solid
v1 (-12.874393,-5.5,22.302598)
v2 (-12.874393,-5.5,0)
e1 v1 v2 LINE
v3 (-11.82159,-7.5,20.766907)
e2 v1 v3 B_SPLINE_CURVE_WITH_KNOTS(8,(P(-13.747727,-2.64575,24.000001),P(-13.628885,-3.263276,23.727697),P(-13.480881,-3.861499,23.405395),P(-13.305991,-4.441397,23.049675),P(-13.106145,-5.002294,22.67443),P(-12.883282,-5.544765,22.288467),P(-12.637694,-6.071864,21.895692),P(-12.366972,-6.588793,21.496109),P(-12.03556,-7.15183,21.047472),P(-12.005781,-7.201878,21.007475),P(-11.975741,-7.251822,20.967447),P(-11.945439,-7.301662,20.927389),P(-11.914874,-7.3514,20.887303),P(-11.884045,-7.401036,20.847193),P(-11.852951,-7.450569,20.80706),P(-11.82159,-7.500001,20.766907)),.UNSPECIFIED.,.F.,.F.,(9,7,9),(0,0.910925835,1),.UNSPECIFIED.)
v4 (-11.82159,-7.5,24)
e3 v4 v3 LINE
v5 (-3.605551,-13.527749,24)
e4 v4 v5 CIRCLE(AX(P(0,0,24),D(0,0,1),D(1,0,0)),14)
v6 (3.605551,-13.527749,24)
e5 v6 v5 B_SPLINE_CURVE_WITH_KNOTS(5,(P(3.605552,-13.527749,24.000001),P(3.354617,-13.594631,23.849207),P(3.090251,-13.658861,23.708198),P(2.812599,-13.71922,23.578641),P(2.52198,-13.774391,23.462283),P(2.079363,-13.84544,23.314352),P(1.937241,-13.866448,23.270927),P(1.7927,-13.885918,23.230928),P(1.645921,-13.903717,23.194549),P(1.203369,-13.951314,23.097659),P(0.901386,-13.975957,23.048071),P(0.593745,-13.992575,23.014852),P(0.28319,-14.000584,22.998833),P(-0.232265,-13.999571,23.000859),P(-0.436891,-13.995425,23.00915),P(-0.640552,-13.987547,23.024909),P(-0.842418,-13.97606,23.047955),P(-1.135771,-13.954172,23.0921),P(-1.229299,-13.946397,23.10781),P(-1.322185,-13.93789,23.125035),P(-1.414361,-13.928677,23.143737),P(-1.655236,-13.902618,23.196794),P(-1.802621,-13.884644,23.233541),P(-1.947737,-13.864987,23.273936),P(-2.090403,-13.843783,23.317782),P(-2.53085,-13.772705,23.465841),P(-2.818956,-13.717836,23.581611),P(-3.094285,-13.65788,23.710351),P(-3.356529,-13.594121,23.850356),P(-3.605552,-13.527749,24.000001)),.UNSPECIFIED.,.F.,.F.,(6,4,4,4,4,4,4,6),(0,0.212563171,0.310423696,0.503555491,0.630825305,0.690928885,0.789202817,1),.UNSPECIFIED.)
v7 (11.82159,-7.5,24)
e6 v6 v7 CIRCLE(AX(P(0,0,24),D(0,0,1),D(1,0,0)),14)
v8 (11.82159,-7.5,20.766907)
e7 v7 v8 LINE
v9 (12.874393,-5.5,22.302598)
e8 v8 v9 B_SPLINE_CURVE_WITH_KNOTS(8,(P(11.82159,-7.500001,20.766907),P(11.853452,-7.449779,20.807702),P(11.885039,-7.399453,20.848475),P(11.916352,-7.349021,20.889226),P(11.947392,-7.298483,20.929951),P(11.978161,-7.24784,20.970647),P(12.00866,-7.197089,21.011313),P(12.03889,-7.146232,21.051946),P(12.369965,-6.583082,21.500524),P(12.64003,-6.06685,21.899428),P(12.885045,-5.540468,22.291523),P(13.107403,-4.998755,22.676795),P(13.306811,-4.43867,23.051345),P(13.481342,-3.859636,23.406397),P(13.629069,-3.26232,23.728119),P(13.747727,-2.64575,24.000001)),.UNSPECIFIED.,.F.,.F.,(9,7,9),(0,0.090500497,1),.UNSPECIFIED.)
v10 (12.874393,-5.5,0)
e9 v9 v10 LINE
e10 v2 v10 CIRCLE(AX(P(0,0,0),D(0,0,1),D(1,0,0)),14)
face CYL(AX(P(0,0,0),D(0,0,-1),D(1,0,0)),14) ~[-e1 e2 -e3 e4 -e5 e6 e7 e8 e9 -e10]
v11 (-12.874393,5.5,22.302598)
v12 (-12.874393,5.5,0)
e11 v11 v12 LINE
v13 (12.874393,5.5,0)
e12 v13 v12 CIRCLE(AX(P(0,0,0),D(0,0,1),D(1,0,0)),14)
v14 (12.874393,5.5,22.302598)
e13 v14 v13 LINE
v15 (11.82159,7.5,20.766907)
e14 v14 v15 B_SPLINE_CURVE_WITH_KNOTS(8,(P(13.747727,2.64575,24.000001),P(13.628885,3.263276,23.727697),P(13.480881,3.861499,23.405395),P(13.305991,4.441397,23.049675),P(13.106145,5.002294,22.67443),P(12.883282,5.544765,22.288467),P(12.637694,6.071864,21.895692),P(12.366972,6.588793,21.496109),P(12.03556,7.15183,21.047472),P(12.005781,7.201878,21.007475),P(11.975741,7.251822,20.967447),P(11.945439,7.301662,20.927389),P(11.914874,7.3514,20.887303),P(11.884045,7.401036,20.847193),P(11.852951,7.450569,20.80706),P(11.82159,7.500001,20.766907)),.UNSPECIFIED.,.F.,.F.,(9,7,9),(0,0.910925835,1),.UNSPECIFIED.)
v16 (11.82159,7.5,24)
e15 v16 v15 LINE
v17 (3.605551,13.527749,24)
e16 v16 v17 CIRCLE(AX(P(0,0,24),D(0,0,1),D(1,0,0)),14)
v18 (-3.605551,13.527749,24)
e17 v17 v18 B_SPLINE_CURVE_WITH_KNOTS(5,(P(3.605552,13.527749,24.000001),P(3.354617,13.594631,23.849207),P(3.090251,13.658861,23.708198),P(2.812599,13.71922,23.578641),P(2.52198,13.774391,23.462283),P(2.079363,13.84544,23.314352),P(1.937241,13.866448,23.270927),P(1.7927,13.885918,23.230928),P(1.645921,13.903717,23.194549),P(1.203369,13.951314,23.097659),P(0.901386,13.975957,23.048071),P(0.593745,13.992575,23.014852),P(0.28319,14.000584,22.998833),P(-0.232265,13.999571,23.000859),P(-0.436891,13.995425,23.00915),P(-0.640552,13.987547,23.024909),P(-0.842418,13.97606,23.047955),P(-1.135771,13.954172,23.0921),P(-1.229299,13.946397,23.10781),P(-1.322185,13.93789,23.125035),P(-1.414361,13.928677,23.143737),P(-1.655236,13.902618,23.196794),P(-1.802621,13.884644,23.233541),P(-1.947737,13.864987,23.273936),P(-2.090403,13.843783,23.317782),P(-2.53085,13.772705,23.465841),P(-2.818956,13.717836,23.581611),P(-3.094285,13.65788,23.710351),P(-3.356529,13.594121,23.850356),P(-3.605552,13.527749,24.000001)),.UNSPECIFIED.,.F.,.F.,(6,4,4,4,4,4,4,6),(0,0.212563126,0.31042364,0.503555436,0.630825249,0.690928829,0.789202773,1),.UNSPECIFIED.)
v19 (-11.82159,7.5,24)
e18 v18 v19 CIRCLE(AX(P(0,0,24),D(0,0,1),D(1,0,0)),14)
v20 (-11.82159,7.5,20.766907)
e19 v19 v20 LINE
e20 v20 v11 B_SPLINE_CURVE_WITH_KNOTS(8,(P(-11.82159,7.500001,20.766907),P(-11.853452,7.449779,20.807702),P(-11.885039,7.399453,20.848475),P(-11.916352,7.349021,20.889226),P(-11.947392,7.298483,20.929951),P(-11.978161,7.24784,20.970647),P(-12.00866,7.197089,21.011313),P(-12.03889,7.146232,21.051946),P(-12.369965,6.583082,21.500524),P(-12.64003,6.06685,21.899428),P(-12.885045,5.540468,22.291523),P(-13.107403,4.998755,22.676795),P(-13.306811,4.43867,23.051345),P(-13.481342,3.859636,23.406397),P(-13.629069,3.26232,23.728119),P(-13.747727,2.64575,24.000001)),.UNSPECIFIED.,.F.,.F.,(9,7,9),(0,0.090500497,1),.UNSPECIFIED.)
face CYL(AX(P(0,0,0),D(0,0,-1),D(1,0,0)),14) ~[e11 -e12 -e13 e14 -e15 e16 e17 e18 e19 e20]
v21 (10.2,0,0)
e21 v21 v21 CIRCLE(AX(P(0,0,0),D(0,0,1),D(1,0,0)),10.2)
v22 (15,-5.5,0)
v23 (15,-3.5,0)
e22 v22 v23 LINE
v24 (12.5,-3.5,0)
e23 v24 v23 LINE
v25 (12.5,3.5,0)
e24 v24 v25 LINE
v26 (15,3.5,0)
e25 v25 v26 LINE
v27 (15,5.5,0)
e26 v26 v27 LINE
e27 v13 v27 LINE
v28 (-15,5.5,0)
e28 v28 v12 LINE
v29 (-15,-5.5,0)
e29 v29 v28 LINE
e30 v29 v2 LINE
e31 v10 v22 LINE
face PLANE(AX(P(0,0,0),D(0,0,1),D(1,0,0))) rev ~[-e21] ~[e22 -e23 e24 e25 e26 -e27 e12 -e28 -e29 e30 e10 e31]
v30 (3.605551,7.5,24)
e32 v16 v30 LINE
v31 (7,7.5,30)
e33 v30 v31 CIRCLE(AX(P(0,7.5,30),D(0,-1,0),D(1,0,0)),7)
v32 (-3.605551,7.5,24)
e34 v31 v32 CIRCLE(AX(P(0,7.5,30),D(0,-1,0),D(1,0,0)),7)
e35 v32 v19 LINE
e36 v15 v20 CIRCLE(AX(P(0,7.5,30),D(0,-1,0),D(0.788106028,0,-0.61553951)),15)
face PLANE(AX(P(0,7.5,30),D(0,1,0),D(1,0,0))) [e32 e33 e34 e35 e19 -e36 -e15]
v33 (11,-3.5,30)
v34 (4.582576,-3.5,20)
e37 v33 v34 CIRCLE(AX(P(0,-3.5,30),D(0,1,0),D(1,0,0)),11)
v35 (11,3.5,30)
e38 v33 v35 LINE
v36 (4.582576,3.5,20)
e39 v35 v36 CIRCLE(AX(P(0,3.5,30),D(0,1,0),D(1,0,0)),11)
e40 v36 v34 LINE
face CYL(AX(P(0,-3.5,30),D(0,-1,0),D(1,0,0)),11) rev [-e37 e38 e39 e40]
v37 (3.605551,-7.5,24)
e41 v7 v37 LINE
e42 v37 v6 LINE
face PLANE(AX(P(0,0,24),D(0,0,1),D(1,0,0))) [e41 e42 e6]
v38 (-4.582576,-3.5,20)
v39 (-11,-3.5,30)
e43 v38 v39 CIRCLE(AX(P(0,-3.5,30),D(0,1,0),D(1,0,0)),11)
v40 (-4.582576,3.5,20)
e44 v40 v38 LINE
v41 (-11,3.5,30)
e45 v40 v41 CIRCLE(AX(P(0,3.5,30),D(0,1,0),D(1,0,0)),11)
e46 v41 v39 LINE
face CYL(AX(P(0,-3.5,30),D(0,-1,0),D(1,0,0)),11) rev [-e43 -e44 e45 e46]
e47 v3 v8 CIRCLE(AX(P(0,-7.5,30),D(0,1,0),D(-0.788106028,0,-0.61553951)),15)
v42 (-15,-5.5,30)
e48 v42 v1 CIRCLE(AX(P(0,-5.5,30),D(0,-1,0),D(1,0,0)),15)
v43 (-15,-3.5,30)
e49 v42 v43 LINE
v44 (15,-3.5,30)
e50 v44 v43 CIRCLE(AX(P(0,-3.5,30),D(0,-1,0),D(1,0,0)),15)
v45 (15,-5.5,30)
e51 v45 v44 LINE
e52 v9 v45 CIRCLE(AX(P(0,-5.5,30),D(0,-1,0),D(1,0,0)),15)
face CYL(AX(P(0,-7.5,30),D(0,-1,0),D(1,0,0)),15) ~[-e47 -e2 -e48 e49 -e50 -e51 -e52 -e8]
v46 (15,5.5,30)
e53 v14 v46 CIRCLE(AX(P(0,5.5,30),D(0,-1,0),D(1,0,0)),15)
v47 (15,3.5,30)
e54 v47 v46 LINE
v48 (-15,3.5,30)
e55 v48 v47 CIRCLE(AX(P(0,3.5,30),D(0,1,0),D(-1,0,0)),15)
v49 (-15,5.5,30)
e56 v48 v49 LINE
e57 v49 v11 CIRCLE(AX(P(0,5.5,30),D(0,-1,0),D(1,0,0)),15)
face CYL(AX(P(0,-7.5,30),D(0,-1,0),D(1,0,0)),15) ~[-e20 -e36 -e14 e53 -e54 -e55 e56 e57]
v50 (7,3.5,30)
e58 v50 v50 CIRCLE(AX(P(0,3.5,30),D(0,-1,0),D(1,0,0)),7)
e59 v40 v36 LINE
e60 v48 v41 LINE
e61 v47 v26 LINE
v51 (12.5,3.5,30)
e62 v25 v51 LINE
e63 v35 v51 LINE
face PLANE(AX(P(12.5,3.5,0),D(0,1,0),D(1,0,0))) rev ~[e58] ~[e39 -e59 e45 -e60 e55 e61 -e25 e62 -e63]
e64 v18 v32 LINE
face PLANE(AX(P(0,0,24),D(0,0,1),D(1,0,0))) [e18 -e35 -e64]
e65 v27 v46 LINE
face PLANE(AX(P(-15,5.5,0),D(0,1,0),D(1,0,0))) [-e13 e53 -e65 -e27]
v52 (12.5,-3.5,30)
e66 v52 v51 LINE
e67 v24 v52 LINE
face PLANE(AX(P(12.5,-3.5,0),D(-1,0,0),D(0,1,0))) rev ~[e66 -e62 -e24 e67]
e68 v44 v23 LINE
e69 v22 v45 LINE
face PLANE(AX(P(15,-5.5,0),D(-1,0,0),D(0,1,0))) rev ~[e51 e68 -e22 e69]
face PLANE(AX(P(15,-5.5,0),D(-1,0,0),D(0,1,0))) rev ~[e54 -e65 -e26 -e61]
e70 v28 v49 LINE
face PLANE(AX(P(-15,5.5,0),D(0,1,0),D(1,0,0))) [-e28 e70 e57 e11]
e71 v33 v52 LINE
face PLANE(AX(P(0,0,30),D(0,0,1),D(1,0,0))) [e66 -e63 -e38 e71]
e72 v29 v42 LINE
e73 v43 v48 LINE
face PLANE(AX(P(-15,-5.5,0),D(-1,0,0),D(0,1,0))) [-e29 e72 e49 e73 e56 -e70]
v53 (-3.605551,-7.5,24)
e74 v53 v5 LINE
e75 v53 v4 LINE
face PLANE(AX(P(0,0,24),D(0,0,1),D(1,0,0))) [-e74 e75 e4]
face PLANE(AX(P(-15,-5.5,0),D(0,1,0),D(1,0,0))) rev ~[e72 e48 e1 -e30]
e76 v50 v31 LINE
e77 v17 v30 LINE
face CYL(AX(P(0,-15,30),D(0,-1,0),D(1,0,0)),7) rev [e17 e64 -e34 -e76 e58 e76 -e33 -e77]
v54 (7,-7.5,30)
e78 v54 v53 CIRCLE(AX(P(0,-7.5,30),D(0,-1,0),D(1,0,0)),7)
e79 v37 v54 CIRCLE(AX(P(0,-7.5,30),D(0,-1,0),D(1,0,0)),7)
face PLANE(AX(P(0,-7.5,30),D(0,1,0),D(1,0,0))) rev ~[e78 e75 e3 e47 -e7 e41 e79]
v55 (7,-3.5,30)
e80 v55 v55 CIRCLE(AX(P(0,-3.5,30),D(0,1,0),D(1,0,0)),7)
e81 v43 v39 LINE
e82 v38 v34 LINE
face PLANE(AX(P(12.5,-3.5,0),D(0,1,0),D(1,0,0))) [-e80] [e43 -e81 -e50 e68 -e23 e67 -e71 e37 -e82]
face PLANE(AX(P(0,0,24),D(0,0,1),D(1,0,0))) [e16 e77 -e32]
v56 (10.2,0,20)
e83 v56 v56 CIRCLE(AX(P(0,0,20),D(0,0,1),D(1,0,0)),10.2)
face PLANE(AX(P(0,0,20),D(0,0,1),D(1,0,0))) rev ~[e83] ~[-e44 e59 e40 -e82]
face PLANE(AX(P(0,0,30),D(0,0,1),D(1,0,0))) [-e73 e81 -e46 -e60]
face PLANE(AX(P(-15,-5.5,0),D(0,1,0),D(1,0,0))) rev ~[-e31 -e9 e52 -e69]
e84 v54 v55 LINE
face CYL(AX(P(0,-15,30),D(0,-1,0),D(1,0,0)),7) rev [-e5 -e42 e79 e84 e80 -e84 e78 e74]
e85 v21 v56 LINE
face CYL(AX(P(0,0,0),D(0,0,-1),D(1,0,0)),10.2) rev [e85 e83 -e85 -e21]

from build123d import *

# Parameters (mm, degrees)
CYLINDER002_R          = 11
CYLINDER002_DEPTH      = 7
CYLINDER002_ROLL_ANGLE = -90
BOX_W                  = 30
BOX_H                  = 7
BOX_DEPTH              = 15
BOX001_W               = 10
BOX001_H               = 7
BOX001_DEPTH           = 30
CYLINDER005_R          = 10.2
CYLINDER005_DEPTH      = 20
CYLINDER004_R          = 7
CYLINDER004_DEPTH      = 30
CYLINDER004_ROLL_ANGLE = -90
CYLINDER001_R          = 15
CYLINDER001_DEPTH      = 15
CYLINDER001_ROLL_ANGLE = -90
BOX002_W               = 30
BOX002_H               = 11
BOX002_DEPTH           = 30
CYLINDER_R             = 14
CYLINDER_DEPTH         = 24


with BuildPart() as cylinder002:
    # Cylinder002 → Cylinder002 (new body)
    with BuildSketch(Plane.XY):
        Circle(CYLINDER002_R)
    extrude(amount=CYLINDER002_DEPTH)


with BuildPart() as cylinder002_1:
    # Cylinder002 roll: moved
    add(cylinder002.part.rotate(Axis((0, 0, 0), (1, 0, 0)), CYLINDER002_ROLL_ANGLE))


with BuildPart() as cylinder002_2:
    # Cylinder002 placement: moved
    add(cylinder002_1.part.moved(Location((0, -3.5, 30))))


with BuildPart() as cube:
    # Box → Box (new body)
    with BuildSketch(Plane(origin=(-15, -3.5, 30), x_dir=(1, 0, 0), z_dir=(0, 0, 1))):
        with Locations((15, 3.5)):
            Rectangle(BOX_W, BOX_H)
    extrude(amount=BOX_DEPTH)


with BuildPart() as cube001:
    # Box001 → Box001 (new body)
    with BuildSketch(Plane(origin=(12.5, -3.5, 0), x_dir=(1, 0, 0), z_dir=(0, 0, 1))):
        with Locations((5, 3.5)):
            Rectangle(BOX001_W, BOX001_H)
    extrude(amount=BOX001_DEPTH)


with BuildPart() as cylinder005:
    # Cylinder005 → Cylinder005 (new body)
    with BuildSketch(Plane.XY):
        Circle(CYLINDER005_R)
    extrude(amount=CYLINDER005_DEPTH)


with BuildPart() as negative_fustion:
    # Cylinder004 → Cylinder004 (new body)
    with BuildSketch(Plane.XY):
        Circle(CYLINDER004_R)
    extrude(amount=CYLINDER004_DEPTH)


with BuildPart() as negative_fustion_1:
    # Cylinder004 roll: moved
    add(negative_fustion.part.rotate(Axis((0, 0, 0), (1, 0, 0)), CYLINDER004_ROLL_ANGLE))


with BuildPart() as negative_fustion_2:
    # Cylinder004 placement: moved
    add(negative_fustion_1.part.moved(Location((0, -15, 30))))

    # Fusion001: union Cylinder002, Cube, Cube001, Cylinder005
    add(cylinder002_2.part)
    add(cube.part)
    add(cube001.part)
    add(cylinder005.part)


with BuildPart() as cylinder001:
    # Cylinder001 → Cylinder001 (new body)
    with BuildSketch(Plane.XY):
        Circle(CYLINDER001_R)
    extrude(amount=CYLINDER001_DEPTH)


with BuildPart() as cylinder001_1:
    # Cylinder001 roll: moved
    add(cylinder001.part.rotate(Axis((0, 0, 0), (1, 0, 0)), CYLINDER001_ROLL_ANGLE))


with BuildPart() as cylinder001_2:
    # Cylinder001 placement: moved
    add(cylinder001_1.part.moved(Location((0, -7.5, 30))))


with BuildPart() as cube002:
    # Box002 → Box002 (new body)
    with BuildSketch(Plane(origin=(-15, -5.5, 0), x_dir=(1, 0, 0), z_dir=(0, 0, 1))):
        with Locations((15, 5.5)):
            Rectangle(BOX002_W, BOX002_H)
    extrude(amount=BOX002_DEPTH)


with BuildPart() as cut:
    # Cylinder → Cylinder (new body)
    with BuildSketch(Plane.XY):
        Circle(CYLINDER_R)
    extrude(amount=CYLINDER_DEPTH)

    # Fusion: union Cylinder001, Cube002
    add(cylinder001_2.part)
    add(cube002.part)

    # Cut: cut Negative Fustion
    add(negative_fustion_2.part, mode=Mode.SUBTRACT)


solid = cut.part
